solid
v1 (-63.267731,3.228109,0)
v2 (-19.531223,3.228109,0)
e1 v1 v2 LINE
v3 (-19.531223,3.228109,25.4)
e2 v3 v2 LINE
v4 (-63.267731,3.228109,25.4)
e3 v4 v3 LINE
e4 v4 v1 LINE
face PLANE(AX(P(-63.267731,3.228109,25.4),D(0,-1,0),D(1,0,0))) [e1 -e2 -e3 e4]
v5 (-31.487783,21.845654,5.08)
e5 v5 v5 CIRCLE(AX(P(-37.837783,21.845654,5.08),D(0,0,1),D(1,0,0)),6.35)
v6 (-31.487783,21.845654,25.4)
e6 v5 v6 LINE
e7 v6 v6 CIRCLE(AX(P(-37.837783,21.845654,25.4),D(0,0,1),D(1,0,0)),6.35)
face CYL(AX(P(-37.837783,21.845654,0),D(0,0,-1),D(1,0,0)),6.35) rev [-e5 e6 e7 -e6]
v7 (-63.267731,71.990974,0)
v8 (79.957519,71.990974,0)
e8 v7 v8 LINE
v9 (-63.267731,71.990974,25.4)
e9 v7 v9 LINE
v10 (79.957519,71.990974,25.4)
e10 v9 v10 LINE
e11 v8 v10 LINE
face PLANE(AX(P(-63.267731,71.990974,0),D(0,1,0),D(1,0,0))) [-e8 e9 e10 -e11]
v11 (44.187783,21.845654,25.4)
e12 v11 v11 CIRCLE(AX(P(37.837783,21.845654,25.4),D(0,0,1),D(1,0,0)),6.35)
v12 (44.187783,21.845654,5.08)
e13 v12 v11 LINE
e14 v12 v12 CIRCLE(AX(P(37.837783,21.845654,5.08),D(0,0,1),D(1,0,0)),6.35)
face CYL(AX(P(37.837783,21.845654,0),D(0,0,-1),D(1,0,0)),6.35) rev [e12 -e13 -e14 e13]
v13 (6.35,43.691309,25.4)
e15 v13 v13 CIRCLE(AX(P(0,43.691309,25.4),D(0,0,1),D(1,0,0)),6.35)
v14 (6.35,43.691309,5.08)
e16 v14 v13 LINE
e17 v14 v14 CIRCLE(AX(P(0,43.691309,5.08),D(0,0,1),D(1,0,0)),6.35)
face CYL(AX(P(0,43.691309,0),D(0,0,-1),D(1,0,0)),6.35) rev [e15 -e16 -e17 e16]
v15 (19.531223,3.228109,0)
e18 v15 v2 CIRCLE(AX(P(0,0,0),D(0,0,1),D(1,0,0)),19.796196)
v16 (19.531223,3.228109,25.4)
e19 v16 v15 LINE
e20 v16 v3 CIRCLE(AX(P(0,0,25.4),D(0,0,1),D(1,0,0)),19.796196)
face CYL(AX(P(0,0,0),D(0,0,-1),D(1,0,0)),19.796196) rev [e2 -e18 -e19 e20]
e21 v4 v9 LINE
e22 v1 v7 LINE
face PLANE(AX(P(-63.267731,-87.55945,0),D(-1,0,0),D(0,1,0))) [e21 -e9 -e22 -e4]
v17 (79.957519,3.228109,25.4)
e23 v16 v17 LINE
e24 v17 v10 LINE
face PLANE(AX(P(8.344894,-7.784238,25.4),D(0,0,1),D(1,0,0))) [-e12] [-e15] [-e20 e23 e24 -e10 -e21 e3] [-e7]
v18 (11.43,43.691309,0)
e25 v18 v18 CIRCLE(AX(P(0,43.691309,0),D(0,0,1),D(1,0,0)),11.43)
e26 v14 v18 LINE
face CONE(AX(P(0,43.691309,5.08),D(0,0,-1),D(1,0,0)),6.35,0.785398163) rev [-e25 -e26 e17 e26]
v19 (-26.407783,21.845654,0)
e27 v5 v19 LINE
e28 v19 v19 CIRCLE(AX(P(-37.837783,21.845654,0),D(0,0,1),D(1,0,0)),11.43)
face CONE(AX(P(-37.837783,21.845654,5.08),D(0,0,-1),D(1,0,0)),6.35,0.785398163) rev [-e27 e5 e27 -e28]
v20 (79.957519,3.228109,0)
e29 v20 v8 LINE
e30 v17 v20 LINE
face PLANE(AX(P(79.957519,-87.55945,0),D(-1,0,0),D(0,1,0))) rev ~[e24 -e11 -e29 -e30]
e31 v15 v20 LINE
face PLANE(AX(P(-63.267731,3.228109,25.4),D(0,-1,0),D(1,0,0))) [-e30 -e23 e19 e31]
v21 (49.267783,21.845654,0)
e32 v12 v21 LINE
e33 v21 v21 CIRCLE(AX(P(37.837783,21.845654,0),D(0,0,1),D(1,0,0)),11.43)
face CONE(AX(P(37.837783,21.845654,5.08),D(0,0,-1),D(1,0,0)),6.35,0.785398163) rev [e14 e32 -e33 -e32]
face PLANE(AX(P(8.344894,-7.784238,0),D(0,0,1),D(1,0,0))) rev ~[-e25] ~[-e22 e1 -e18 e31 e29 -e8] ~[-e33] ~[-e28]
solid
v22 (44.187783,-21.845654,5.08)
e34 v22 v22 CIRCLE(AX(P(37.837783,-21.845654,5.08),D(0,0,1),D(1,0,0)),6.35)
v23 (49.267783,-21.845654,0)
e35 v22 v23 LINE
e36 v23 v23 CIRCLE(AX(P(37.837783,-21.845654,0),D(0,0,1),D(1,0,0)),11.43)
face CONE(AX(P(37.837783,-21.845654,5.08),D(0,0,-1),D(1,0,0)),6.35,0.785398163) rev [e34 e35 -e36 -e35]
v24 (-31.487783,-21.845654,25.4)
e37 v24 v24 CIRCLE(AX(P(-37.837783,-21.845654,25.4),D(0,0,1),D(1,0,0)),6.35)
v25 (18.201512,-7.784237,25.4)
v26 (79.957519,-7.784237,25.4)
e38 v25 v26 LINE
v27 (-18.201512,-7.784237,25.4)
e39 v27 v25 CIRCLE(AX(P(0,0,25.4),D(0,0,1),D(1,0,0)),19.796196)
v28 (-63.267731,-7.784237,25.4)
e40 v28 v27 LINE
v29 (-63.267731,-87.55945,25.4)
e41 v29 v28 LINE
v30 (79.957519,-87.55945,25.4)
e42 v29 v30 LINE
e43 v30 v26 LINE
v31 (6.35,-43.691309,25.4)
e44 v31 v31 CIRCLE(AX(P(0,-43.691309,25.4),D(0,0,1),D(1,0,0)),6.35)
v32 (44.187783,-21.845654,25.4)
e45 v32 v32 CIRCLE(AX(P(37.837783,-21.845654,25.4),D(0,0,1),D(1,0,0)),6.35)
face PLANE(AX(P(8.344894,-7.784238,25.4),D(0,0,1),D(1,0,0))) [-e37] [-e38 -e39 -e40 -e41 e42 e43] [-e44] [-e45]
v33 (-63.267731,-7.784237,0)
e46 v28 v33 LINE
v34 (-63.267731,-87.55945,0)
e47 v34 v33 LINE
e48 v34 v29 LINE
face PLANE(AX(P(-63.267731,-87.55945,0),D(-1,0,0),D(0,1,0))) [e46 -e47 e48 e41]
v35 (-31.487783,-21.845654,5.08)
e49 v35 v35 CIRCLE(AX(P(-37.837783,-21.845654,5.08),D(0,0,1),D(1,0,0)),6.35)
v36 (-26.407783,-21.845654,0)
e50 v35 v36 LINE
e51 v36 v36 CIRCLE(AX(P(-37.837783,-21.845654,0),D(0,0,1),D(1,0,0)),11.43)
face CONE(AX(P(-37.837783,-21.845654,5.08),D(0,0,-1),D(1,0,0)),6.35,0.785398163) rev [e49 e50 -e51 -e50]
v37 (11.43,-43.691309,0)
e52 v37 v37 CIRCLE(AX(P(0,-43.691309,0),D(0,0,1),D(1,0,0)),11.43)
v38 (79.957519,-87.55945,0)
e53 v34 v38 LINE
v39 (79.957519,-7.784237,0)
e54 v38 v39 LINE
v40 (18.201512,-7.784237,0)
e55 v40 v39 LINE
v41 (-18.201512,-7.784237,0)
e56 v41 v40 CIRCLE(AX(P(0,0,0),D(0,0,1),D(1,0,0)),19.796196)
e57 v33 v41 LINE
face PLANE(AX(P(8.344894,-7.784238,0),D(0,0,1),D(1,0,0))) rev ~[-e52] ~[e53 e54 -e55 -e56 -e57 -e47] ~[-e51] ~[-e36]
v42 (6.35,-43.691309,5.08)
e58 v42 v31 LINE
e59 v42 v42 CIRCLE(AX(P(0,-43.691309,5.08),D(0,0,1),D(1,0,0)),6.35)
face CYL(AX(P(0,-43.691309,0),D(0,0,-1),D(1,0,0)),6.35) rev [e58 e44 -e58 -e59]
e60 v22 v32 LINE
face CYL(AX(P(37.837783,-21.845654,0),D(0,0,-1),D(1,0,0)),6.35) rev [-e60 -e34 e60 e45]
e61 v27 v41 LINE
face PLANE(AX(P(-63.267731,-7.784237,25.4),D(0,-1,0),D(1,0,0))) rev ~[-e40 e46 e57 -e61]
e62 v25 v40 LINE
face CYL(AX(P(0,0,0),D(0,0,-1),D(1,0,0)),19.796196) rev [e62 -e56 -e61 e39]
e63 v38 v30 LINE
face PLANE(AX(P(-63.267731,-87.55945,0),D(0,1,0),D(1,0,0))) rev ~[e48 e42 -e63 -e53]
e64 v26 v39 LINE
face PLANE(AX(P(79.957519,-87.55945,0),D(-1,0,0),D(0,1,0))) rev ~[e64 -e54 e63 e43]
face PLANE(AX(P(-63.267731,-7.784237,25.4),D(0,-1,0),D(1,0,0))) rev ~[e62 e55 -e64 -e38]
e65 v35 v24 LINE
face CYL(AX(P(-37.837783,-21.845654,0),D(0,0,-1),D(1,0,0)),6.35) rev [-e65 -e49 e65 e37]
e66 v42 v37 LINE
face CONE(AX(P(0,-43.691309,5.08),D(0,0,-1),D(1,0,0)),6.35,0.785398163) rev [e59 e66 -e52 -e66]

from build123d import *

# Parameters (mm, degrees)
F0_W     = 143.22525
F0_H     = 159.550425
F0_R     = 6.35
F0_R_2   = 19.796196
F1_DEPTH = 25.4
F2_SIZE  = 5.08
F3_W     = 143.22525
F3_H     = 11.012347
F4_DEPTH = 25.4


with BuildPart() as f1:
    # F0 (on Top) → F1 (new body)
    with BuildSketch(Plane.XY):
        with Locations((8.344894, -7.784238)):
            Rectangle(F0_W, F0_H)
        with Locations((-37.837783, -21.845654)):
            Circle(F0_R, mode=Mode.SUBTRACT)
        with Locations((0, -43.691309)):
            Circle(F0_R, mode=Mode.SUBTRACT)
        with Locations((37.837783, -21.845654)):
            Circle(F0_R, mode=Mode.SUBTRACT)
        with Locations((-37.837783, 21.845654)):
            Circle(F0_R, mode=Mode.SUBTRACT)
        Circle(F0_R_2, mode=Mode.SUBTRACT)
        with Locations((0, 43.691309)):
            Circle(F0_R, mode=Mode.SUBTRACT)
        with Locations((37.837783, 21.845654)):
            Circle(F0_R, mode=Mode.SUBTRACT)
    extrude(amount=F1_DEPTH)

    # F2
    f2_edges = [f1.edges().sort_by_distance(p)[0] for p in [
        (-6.35, -43.691309, 0),
        (31.487783, -21.845654, 0),
        (31.487783, 21.845654, 0),
        (-6.35, 43.691309, 0),
        (-44.187783, 21.845654, 0),
        (-44.187783, -21.845654, 0),
    ]]
    chamfer(f2_edges, length=F2_SIZE)

    # F3 (on face) → F4 (cut)
    with BuildSketch(Plane.XY.offset(25.4)):
        with Locations((8.344894, -2.278064)):
            Rectangle(F3_W, F3_H)
    extrude(amount=-F4_DEPTH, mode=Mode.SUBTRACT)


solid = f1.part
